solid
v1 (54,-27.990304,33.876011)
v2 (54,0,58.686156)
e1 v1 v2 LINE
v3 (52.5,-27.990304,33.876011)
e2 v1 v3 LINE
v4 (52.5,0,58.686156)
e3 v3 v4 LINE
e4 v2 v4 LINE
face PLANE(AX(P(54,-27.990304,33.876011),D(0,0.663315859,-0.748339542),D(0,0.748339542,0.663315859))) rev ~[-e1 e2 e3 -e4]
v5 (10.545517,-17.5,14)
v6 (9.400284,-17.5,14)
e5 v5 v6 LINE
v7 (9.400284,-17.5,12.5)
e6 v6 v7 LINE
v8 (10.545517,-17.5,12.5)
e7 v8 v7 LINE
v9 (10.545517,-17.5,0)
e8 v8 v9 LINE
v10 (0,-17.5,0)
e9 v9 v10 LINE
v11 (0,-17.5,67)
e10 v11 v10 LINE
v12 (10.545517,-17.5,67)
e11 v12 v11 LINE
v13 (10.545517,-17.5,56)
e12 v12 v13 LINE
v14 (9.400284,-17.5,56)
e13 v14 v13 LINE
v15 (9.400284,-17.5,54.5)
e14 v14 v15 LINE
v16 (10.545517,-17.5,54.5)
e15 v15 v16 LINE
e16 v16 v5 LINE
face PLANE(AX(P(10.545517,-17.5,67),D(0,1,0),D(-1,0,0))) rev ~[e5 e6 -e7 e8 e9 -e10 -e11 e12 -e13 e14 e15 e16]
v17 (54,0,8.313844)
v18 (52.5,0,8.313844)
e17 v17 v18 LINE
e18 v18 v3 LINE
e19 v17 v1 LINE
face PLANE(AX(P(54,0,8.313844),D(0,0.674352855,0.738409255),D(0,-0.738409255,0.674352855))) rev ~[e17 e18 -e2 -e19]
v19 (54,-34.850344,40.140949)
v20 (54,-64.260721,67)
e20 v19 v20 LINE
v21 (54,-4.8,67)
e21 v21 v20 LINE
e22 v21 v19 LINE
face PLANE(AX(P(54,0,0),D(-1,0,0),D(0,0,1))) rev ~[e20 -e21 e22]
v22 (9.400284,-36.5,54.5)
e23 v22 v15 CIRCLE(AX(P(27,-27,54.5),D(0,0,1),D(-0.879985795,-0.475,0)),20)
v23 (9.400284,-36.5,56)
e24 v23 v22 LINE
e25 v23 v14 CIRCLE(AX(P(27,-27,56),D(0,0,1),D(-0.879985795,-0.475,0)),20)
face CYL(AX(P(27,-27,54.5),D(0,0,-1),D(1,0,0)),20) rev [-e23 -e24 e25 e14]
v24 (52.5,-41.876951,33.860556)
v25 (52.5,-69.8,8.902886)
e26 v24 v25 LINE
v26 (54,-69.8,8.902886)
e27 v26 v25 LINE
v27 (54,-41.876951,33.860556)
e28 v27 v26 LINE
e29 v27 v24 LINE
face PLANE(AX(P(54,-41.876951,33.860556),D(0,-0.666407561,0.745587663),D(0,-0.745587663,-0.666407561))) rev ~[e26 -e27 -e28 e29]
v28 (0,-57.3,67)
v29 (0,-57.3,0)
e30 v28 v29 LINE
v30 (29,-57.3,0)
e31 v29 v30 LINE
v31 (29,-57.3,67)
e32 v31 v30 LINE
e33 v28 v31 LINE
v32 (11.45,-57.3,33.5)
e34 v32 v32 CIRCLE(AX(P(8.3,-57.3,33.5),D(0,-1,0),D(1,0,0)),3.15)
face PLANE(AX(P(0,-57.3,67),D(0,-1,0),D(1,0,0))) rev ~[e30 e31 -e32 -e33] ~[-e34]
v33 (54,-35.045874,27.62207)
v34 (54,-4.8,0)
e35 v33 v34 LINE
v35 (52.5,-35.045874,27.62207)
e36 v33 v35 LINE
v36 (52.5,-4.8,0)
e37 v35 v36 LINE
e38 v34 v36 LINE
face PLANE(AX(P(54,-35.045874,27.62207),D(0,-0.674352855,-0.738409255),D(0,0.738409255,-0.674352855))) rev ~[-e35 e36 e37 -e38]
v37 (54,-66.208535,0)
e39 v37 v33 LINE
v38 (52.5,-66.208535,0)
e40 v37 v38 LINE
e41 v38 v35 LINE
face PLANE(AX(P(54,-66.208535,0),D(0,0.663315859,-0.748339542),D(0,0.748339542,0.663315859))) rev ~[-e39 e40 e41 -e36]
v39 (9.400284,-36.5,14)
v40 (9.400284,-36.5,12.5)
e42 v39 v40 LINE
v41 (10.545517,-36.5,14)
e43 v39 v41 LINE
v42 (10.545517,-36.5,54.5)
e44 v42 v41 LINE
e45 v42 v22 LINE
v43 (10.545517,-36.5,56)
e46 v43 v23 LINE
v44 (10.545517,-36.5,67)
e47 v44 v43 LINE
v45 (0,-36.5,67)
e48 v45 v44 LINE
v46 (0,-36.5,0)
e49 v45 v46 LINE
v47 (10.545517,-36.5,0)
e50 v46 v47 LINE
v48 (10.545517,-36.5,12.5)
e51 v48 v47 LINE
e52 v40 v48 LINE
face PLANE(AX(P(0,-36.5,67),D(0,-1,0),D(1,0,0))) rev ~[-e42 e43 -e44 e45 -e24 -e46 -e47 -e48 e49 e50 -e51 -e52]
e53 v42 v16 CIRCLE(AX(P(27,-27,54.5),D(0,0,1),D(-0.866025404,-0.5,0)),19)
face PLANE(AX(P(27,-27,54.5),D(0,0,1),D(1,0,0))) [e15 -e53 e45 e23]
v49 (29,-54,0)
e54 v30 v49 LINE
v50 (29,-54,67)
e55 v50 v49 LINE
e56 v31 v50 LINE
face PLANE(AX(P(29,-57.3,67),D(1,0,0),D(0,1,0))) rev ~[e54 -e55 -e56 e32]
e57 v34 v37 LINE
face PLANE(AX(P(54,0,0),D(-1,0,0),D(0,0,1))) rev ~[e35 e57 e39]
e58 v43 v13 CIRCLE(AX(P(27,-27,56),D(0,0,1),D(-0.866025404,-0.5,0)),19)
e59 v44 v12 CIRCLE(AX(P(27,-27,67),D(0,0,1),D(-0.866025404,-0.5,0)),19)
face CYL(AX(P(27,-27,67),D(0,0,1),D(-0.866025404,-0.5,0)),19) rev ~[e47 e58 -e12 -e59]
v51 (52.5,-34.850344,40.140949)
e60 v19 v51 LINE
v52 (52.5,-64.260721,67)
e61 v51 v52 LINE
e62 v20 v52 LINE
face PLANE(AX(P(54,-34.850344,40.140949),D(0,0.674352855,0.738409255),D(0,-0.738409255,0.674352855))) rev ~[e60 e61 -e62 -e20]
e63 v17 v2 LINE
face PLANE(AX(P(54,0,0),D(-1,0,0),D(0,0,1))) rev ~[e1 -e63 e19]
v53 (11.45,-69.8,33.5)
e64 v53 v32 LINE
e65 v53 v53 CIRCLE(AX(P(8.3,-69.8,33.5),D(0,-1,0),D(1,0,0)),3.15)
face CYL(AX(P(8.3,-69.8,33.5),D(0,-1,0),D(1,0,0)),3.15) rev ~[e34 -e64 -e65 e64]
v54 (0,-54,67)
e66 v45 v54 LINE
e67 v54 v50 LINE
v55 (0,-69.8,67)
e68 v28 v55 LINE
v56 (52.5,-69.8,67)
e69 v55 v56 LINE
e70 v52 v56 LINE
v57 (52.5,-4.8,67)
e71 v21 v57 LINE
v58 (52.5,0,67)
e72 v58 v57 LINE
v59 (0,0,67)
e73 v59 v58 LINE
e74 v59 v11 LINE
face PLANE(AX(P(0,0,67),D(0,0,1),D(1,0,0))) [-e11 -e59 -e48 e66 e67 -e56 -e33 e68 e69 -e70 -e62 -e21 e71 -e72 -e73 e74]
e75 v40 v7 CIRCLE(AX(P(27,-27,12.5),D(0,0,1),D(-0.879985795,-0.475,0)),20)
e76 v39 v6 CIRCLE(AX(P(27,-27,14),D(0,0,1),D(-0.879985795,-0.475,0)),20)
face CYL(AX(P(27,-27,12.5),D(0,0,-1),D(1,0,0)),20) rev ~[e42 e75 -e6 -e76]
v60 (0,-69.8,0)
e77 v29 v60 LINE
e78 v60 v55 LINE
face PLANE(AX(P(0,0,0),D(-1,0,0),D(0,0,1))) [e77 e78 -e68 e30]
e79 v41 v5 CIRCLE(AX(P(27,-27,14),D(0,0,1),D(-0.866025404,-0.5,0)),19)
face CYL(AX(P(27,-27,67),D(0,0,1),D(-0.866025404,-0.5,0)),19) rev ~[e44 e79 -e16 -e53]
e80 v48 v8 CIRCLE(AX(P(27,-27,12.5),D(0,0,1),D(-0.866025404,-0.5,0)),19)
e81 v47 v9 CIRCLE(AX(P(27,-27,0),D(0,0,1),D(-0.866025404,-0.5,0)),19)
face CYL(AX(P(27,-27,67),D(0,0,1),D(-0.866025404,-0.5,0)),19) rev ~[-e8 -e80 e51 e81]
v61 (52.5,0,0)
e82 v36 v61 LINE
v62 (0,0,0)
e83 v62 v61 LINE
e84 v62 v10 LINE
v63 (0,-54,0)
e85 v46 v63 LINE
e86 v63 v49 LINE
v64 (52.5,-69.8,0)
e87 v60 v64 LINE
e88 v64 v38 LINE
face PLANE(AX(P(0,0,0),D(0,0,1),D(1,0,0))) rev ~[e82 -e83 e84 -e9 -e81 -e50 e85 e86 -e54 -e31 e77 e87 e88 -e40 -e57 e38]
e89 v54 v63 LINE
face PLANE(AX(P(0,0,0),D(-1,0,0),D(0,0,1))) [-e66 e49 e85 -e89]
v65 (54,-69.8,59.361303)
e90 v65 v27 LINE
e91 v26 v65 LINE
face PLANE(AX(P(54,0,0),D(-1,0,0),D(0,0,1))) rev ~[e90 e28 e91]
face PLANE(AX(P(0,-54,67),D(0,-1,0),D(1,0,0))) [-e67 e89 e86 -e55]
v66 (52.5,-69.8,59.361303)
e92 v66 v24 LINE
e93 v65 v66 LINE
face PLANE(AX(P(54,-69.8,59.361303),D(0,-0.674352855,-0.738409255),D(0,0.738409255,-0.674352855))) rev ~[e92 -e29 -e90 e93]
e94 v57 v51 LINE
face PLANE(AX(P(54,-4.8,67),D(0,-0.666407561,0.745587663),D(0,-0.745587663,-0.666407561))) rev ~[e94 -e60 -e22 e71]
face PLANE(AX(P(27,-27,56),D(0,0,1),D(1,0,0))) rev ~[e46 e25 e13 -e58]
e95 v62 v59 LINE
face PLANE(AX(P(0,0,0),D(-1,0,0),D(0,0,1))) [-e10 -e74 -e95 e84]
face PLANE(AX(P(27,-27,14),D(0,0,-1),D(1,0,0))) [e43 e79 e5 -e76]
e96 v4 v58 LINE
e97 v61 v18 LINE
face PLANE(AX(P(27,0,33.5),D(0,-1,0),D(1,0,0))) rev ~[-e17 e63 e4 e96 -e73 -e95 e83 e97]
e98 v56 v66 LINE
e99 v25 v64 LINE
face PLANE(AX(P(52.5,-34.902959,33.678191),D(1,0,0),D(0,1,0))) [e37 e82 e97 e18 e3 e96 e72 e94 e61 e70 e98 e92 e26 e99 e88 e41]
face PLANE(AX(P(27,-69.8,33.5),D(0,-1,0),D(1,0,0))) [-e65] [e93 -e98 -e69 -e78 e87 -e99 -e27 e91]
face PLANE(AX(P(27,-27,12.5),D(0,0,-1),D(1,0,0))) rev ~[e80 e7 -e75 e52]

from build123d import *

# Parameters (mm, degrees)
F0_W      = 54
F0_H      = 67
F1_DEPTH  = 69.8
F2_W      = 29
F2_H      = 3.3
F3_DEPTH  = 100
F5_DEPTH  = 1.5
F6_R      = 3.15
F7_DEPTH  = 12.5
F9_R      = 20
F10_DEPTH = 1.5
F12_R     = 20
F13_DEPTH = 1.5


with BuildPart() as f1:
    # F0 (on Front) → F1 (new body)
    with BuildSketch(Plane.XZ):
        with Locations((27, 33.5)):
            Rectangle(F0_W, F0_H)
    extrude(amount=F1_DEPTH)

    # F2 (on face) → F3 (cut)
    with BuildSketch(Plane.XY.offset(67)):
        with BuildLine():
            Line((0, -36.5), (10.5455173281, -36.5))
            ThreePointArc((10.5455173281, -36.5), (46, -27), (10.5455173281, -17.5))
            Line((10.5455173281, -17.5), (0, -17.5))
            Line((0, -17.5), (0, -36.5))
        make_face()
        with Locations((14.5, -55.65)):
            Rectangle(F2_W, F2_H)
    extrude(amount=-F3_DEPTH, mode=Mode.SUBTRACT)

    # F4 (on face) → F5 (cut)
    with BuildSketch(Plane.YZ.offset(54)):
        Polygon((-69.8, 67), (-69.8, 59.3613030854), (-41.876951199, 33.8605559632), (-69.8, 8.9028859511), (-69.8, 0), (-66.2085348753, 0), (-35.0458744522, 27.6220695453), (-4.8, 0), (0, 0), (0, 8.3138438763), (-27.9903035886, 33.8760114883), (0, 58.6861561237), (0, 67), (-4.8, 67), (-34.8503444482, 40.1409494059), (-64.2607212067, 67), align=None)
    extrude(amount=-F5_DEPTH, mode=Mode.SUBTRACT)

    # F6 (on face) → F7 (cut)
    with BuildSketch(Plane.XZ.offset(69.8)):
        with Locations((8.3, 33.5)):
            Circle(F6_R)
    extrude(amount=-F7_DEPTH, mode=Mode.SUBTRACT)

    # F9 (on offset) → F10 (cut)
    with BuildSketch(Plane.XY.offset(54.5)):
        with Locations((27, -27)):
            Circle(F9_R)
    extrude(amount=F10_DEPTH, mode=Mode.SUBTRACT)

    # F12 (on offset) → F13 (cut)
    with BuildSketch(Plane(origin=(0, 0, 12.5), x_dir=(1, 0, 0), z_dir=(0, 0, -1))):
        with Locations((27, 27)):
            Circle(F12_R)
    extrude(amount=-F13_DEPTH, mode=Mode.SUBTRACT)


solid = f1.part
